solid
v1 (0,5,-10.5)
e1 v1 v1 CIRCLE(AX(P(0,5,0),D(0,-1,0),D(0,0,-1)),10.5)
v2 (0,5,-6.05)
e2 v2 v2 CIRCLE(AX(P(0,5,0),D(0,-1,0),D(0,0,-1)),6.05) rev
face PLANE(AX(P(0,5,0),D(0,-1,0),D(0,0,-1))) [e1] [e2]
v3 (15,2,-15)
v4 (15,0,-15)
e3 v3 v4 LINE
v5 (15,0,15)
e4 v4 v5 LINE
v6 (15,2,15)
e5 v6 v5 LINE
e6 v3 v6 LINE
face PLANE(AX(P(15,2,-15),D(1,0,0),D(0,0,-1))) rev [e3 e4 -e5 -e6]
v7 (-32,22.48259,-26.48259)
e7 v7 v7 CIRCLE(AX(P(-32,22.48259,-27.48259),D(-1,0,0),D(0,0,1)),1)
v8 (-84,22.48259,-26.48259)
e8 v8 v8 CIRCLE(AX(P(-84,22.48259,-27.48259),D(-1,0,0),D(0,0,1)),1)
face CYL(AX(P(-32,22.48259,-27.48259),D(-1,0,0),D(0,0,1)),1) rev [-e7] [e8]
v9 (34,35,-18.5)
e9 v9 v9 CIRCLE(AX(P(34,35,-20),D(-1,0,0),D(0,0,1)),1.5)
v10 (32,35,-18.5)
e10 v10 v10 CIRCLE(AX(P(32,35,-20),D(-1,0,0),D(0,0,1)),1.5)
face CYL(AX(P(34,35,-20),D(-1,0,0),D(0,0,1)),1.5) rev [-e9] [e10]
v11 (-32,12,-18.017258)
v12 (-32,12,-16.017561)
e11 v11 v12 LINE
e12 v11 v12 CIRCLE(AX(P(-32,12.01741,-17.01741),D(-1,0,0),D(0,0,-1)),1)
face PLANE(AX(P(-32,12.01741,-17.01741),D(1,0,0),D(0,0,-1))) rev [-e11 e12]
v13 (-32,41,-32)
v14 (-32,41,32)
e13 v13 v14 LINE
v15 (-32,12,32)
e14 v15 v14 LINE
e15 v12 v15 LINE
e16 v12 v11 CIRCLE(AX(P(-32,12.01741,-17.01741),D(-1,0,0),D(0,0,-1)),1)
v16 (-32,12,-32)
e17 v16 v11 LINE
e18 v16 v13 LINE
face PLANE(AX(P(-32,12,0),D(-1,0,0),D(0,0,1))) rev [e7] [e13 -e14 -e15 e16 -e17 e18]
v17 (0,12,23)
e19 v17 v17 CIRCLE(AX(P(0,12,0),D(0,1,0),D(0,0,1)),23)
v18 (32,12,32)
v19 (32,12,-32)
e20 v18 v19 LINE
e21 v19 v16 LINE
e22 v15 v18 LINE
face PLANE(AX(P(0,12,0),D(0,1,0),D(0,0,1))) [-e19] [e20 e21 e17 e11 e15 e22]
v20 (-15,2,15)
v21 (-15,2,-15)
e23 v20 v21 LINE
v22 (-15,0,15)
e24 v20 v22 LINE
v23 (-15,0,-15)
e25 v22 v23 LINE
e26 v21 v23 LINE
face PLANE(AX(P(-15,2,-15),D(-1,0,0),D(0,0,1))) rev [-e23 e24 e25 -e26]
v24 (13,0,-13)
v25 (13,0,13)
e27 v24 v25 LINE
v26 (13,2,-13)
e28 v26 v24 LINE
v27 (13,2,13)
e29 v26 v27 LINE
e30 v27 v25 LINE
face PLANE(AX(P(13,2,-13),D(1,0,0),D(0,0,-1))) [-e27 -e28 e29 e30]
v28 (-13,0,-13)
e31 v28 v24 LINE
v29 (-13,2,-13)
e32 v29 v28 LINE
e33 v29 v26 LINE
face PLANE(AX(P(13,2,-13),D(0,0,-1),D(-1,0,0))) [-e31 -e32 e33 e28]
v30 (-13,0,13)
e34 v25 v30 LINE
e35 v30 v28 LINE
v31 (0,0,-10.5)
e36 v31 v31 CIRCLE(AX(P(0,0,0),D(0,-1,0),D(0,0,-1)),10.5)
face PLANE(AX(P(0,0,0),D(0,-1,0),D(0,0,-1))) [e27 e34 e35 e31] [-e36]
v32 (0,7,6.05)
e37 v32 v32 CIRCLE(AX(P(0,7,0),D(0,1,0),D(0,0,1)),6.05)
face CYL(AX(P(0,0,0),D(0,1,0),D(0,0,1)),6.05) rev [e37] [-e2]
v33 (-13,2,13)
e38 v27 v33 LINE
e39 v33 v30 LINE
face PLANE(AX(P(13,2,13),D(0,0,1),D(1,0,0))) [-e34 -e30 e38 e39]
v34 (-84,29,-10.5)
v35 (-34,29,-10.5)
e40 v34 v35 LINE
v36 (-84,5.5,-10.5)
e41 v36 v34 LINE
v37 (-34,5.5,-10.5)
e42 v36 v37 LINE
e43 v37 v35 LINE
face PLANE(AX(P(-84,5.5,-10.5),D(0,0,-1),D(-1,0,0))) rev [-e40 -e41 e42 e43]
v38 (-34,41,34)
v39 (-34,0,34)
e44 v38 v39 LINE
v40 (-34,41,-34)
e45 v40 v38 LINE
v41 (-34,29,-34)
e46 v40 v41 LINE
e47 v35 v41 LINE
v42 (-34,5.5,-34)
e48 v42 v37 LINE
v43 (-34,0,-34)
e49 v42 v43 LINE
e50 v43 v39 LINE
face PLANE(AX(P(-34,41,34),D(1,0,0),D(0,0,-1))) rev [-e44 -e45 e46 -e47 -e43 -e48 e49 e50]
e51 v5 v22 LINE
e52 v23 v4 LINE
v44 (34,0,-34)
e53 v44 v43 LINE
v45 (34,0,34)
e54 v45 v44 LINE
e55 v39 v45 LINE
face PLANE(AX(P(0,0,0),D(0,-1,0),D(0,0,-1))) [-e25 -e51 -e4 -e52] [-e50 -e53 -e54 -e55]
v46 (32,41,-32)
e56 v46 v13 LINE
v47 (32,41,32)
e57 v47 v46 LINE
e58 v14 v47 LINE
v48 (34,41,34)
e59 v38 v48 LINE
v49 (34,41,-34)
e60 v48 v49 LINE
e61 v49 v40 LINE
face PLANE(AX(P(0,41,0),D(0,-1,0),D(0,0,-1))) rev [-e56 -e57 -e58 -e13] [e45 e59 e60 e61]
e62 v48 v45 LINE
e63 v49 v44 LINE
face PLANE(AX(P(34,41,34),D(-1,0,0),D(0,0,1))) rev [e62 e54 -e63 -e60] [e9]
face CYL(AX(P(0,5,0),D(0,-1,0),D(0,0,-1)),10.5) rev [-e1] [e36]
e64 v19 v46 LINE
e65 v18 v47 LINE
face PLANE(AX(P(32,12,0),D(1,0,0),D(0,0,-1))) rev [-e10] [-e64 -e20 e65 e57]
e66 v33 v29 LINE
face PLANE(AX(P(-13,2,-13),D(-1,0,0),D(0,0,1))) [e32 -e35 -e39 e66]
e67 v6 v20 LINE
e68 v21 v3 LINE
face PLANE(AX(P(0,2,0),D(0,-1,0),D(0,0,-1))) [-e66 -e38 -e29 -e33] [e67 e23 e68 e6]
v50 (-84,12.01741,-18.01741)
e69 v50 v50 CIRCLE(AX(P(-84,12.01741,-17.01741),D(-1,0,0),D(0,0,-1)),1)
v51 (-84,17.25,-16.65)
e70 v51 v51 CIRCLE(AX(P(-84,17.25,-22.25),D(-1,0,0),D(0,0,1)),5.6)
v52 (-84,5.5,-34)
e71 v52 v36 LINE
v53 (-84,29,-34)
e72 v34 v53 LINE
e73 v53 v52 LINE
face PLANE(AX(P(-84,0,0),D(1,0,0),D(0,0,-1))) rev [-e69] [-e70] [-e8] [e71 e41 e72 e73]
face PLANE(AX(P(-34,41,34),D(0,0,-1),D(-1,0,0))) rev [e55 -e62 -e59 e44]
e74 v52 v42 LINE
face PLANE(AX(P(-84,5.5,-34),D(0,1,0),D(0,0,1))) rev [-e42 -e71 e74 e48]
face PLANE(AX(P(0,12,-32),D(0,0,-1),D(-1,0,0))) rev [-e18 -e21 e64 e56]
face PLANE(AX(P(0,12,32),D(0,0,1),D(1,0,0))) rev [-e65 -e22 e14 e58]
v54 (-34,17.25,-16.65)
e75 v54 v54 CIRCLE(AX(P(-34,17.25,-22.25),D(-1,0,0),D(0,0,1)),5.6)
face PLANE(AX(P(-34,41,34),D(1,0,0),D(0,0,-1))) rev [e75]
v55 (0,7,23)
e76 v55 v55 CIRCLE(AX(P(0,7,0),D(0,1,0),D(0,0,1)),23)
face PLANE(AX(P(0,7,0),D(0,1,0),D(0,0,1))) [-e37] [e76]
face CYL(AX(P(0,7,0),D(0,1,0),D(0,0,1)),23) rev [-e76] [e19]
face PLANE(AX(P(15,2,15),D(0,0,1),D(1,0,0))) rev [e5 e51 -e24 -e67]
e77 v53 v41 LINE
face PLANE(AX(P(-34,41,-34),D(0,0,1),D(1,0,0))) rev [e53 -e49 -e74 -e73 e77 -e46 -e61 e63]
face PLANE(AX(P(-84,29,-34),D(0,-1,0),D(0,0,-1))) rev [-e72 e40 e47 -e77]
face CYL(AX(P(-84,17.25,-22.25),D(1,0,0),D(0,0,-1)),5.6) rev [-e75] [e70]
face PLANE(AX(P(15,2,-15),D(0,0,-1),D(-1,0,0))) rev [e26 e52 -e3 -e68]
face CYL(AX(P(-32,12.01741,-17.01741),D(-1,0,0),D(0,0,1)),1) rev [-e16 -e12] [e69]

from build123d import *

# Parameters (mm, degrees)
SKETCH1_W           = 68
SKETCH1_H           = 68
BOSS_EXTRUDE1_DEPTH = 41
CUT_EXTRUDE1_START  = 41
SKETCH2_W           = 64
SKETCH2_H           = 64
CUT_EXTRUDE1_DEPTH  = 29
CUT_EXTRUDE4_START  = 12
SKETCH3_R           = 23
CUT_EXTRUDE4_DEPTH  = 5
CUT_EXTRUDE9_START  = 7
SKETCH5_R           = 6.05
CUT_EXTRUDE9_DEPTH  = 8
SKETCH6_R           = 10.5
CUT_EXTRUDE10_DEPTH = 5
SKETCH7_W           = 30
SKETCH7_H           = 30
SKETCH7_W_2         = 26
SKETCH7_H_2         = 26
CUT_EXTRUDE11_DEPTH = 2
SKETCH8_R           = 1.5
CUT_EXTRUDE12_DEPTH = 3
SKETCH9_W           = 23.5
SKETCH9_H           = 23.5
SKETCH9_R           = 5.6
BOSS_EXTRUDE4_DEPTH = 50
SKETCH11_R          = 1
CUT_EXTRUDE13_DEPTH = 52


with BuildPart() as part:
    # Sketch1 → Boss-Extrude1 (new body)
    with BuildSketch(Plane(origin=(0, 0, 0), x_dir=(1, 0, 0), z_dir=(0, 1, 0))):
        Rectangle(SKETCH1_W, SKETCH1_H)
    extrude(amount=BOSS_EXTRUDE1_DEPTH)

    # Sketch2 → Cut-Extrude1 (cut)
    with BuildSketch(Plane(origin=(0, 0, 0), x_dir=(1, 0, 0), z_dir=(0, 1, 0)).offset(CUT_EXTRUDE1_START)):
        Rectangle(SKETCH2_W, SKETCH2_H)
    extrude(amount=-CUT_EXTRUDE1_DEPTH, mode=Mode.SUBTRACT)

    # Sketch3 → Cut-Extrude4 (cut)
    with BuildSketch(Plane(origin=(0, 0, 0), x_dir=(1, 0, 0), z_dir=(0, 1, 0)).offset(CUT_EXTRUDE4_START)):
        Circle(SKETCH3_R)
    extrude(amount=-CUT_EXTRUDE4_DEPTH, mode=Mode.SUBTRACT)

    # Sketch5 → Cut-Extrude9 (cut, through all)
    with BuildSketch(Plane(origin=(0, 0, 0), x_dir=(1, 0, 0), z_dir=(0, 1, 0)).offset(CUT_EXTRUDE9_START)):
        Circle(SKETCH5_R)
    extrude(amount=-CUT_EXTRUDE9_DEPTH, mode=Mode.SUBTRACT)

    # Sketch6 → Cut-Extrude10 (cut)
    with BuildSketch(Plane.XZ):
        Circle(SKETCH6_R)
    extrude(amount=-CUT_EXTRUDE10_DEPTH, mode=Mode.SUBTRACT)

    # Sketch7 → Cut-Extrude11 (cut)
    with BuildSketch(Plane(origin=(0, 0, 0), x_dir=(-1, 0, 0), z_dir=(0, -1, 0))):
        Rectangle(SKETCH7_W, SKETCH7_H)
        Rectangle(SKETCH7_W_2, SKETCH7_H_2, mode=Mode.SUBTRACT)
    extrude(amount=-CUT_EXTRUDE11_DEPTH, mode=Mode.SUBTRACT)

    # Sketch8 → Cut-Extrude12 (cut, through all)
    with BuildSketch(Plane.ZY.offset(-32)):
        with Locations((-20, 35)):
            Circle(SKETCH8_R)
    extrude(amount=-CUT_EXTRUDE12_DEPTH, mode=Mode.SUBTRACT)

    # Sketch9 → Boss-Extrude4 (add)
    with BuildSketch(Plane.ZY.offset(34)):
        with Locations((-22.25, 17.25)):
            Rectangle(SKETCH9_W, SKETCH9_H)
        with Locations((-22.25, 17.25)):
            Circle(SKETCH9_R, mode=Mode.SUBTRACT)
    extrude(amount=BOSS_EXTRUDE4_DEPTH)

    # Sketch11 → Cut-Extrude13 (cut)
    with BuildSketch(Plane.ZY.offset(84)):
        with Locations((-27.482590181, 22.482590181)):
            Circle(SKETCH11_R)
        with Locations((-17.017409819, 12.017409819)):
            Circle(SKETCH11_R)
    extrude(amount=-CUT_EXTRUDE13_DEPTH, mode=Mode.SUBTRACT)


solid = part.part
